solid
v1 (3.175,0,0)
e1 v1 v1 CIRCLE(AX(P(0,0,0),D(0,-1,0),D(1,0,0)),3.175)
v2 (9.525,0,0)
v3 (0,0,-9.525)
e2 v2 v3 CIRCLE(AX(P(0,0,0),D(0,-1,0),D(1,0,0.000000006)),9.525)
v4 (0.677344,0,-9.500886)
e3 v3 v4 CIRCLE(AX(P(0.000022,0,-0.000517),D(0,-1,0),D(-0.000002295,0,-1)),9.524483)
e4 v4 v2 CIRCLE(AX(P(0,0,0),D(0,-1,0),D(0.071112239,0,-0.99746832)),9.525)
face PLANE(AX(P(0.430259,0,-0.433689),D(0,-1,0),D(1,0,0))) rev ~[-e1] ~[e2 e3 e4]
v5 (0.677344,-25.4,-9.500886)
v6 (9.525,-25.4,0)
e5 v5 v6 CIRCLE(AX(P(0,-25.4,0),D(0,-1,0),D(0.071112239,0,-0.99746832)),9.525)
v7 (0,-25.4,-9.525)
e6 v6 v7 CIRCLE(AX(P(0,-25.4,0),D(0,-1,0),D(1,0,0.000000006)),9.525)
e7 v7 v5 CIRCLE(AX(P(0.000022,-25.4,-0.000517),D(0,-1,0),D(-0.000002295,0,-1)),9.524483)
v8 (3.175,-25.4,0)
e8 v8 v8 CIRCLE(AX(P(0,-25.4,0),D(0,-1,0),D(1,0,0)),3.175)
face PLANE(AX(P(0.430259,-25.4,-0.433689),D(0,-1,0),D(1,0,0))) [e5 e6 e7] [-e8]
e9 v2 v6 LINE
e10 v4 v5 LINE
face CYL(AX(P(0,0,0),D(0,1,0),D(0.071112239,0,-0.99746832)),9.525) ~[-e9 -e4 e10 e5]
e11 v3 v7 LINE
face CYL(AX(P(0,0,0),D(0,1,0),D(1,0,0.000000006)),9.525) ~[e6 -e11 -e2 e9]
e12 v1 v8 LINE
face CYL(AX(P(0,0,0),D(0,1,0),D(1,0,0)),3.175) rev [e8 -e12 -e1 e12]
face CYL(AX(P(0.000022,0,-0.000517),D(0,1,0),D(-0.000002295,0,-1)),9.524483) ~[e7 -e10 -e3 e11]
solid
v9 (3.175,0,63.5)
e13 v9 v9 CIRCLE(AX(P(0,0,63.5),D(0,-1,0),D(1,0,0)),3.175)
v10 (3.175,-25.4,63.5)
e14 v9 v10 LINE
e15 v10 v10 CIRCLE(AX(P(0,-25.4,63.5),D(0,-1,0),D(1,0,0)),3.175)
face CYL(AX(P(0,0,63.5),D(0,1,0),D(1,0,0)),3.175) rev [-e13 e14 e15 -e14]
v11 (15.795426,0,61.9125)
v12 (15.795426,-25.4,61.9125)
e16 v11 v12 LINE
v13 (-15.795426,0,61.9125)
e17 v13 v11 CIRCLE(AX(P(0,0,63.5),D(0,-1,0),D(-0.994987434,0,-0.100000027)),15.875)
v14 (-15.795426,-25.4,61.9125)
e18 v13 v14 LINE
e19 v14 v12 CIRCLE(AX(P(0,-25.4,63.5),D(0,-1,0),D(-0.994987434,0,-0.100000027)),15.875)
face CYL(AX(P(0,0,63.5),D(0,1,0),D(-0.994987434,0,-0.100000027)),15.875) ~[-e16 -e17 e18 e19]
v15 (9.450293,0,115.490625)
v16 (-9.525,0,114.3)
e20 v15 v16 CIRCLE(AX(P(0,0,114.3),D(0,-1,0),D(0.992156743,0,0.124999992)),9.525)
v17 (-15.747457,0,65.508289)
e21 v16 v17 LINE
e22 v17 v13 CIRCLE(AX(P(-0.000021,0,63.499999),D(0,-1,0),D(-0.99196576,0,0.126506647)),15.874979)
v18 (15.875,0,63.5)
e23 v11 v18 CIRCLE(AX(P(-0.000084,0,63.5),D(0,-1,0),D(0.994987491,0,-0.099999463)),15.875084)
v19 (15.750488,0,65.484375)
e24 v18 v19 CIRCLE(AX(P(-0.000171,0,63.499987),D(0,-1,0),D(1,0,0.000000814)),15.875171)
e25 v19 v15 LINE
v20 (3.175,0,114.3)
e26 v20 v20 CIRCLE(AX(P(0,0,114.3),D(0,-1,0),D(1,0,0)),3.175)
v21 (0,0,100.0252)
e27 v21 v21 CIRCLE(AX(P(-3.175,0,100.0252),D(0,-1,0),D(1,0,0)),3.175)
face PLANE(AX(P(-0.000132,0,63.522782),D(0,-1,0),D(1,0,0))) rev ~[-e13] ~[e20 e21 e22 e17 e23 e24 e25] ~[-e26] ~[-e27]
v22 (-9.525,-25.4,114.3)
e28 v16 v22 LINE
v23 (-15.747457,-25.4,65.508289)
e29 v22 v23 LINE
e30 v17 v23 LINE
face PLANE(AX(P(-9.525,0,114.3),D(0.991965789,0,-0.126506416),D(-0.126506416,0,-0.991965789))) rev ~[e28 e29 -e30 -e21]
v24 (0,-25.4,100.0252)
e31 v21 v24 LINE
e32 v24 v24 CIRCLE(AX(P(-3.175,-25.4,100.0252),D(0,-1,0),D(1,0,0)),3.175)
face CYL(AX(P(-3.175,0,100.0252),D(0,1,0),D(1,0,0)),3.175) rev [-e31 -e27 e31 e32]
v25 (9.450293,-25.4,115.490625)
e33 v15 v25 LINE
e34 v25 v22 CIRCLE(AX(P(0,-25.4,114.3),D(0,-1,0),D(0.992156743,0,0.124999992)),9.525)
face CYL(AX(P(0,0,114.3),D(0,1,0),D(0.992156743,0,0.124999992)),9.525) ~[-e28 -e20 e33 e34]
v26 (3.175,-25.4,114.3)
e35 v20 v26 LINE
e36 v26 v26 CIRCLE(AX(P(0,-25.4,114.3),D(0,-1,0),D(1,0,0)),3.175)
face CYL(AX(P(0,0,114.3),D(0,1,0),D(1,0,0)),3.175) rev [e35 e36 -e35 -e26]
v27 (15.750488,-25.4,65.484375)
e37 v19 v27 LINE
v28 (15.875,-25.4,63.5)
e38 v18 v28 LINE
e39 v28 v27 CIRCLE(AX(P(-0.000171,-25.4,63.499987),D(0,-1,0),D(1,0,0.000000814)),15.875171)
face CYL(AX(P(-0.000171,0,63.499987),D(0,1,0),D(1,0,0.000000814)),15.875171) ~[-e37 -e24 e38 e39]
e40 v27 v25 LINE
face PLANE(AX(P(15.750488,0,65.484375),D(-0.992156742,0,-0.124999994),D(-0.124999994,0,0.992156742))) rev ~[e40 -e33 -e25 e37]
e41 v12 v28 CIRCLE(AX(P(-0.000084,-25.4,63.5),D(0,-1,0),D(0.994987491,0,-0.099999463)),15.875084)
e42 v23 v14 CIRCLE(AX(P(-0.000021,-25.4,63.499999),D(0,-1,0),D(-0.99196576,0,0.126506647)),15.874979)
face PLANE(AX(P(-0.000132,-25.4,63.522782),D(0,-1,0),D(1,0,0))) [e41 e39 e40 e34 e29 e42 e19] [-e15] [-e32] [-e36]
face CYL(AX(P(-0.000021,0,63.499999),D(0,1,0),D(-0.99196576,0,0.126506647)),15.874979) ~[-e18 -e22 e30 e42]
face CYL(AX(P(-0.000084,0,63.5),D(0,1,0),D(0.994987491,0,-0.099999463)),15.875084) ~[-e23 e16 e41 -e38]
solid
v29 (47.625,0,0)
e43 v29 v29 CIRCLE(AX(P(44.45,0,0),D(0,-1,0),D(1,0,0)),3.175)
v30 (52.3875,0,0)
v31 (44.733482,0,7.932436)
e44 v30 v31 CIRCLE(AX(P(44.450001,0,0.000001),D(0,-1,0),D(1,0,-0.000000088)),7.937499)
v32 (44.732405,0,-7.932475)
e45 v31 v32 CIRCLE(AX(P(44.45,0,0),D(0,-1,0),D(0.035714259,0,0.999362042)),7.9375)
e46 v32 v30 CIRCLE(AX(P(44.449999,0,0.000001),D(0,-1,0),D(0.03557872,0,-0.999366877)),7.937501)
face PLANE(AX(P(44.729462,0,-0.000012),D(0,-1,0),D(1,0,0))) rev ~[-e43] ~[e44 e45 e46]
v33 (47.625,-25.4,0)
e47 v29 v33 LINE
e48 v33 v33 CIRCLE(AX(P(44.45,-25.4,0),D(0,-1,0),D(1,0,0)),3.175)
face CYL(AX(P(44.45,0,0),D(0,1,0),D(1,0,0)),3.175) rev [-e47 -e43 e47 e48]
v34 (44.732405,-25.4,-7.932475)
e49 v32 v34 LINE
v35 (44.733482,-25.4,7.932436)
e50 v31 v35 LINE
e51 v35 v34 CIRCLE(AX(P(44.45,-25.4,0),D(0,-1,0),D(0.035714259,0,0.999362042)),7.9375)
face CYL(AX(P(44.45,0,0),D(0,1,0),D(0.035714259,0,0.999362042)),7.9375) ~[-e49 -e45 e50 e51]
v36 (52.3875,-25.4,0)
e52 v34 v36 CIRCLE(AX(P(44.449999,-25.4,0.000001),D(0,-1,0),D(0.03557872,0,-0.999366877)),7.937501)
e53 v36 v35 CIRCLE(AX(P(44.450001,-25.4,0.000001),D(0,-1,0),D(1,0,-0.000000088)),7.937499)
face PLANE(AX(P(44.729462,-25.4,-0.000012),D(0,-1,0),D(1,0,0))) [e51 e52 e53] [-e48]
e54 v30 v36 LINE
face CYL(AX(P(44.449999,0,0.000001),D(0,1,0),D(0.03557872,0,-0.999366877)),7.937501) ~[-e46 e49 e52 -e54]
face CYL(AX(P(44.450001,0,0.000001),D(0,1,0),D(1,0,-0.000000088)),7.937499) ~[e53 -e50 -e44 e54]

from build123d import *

# Parameters (mm, degrees)
F0_R     = 3.175
F1_DEPTH = 25.4


with BuildPart() as f1:
    # F0 (on Front) → F1 (new body)
    with BuildSketch(Plane.XZ):
        with BuildLine():
            ThreePointArc((0.677344, -9.500886), (6.970557, -6.491299), (9.525, 0))
            ThreePointArc((9.525, 0), (-6.735192, 6.735192), (0, -9.525))
            Line((0, -9.525), (0.677344, -9.500886))
        make_face()
        Circle(F0_R, mode=Mode.SUBTRACT)
        with BuildLine():
            ThreePointArc((-15.795426, 61.9125), (0, 47.625), (15.795426, 61.9125))
            ThreePointArc((15.795426, 61.9125), (15.855094, 62.705253), (15.875, 63.5))
            ThreePointArc((15.875, 63.5), (15.843841, 64.494139), (15.750488, 65.484375))
            ThreePointArc((15.750488, 65.484375), (0.012053, 79.374995), (-15.747457, 65.508289))
            ThreePointArc((-15.747457, 65.508289), (-15.873588, 63.711757), (-15.795426, 61.9125))
        make_face()
        with Locations((0, 63.5)):
            Circle(F0_R, mode=Mode.SUBTRACT)
        with BuildLine():
            ThreePointArc((44.733482, 7.932436), (36.5125, 0.000539), (44.732405, -7.932475))
            ThreePointArc((44.732405, -7.932475), (50.161633, -5.51191), (52.3875, 0))
            ThreePointArc((52.3875, 0), (50.162007, 5.511523), (44.733482, 7.932436))
        make_face()
        with Locations((44.45, 0)):
            Circle(F0_R, mode=Mode.SUBTRACT)
        with BuildLine():
            Line((0.677344, -9.500886), (0, -9.525))
            ThreePointArc((0, -9.525), (0.338886, -9.51897), (0.677344, -9.500886))
        make_face()
        with BuildLine():
            Line((-9.525, 114.3), (-15.747457, 65.508289))
            ThreePointArc((-15.747457, 65.508289), (0.012053, 79.374995), (15.750488, 65.484375))
            Line((15.750488, 65.484375), (9.450293, 115.490625))
            ThreePointArc((9.450293, 115.490625), (9.506305, 114.896483), (9.525, 114.3))
            ThreePointArc((9.525, 114.3), (0, 104.775), (-9.525, 114.3))
        make_face()
        with Locations((-3.175, 100.0252)):
            Circle(F0_R, mode=Mode.SUBTRACT)
        with BuildLine():
            ThreePointArc((9.450293, 115.490625), (-0.596483, 123.806305), (-9.525, 114.3))
            ThreePointArc((-9.525, 114.3), (0, 104.775), (9.525, 114.3))
            ThreePointArc((9.525, 114.3), (9.506305, 114.896483), (9.450293, 115.490625))
        make_face()
        with Locations((0, 114.3)):
            Circle(F0_R, mode=Mode.SUBTRACT)
    extrude(amount=F1_DEPTH)


solid = f1.part
